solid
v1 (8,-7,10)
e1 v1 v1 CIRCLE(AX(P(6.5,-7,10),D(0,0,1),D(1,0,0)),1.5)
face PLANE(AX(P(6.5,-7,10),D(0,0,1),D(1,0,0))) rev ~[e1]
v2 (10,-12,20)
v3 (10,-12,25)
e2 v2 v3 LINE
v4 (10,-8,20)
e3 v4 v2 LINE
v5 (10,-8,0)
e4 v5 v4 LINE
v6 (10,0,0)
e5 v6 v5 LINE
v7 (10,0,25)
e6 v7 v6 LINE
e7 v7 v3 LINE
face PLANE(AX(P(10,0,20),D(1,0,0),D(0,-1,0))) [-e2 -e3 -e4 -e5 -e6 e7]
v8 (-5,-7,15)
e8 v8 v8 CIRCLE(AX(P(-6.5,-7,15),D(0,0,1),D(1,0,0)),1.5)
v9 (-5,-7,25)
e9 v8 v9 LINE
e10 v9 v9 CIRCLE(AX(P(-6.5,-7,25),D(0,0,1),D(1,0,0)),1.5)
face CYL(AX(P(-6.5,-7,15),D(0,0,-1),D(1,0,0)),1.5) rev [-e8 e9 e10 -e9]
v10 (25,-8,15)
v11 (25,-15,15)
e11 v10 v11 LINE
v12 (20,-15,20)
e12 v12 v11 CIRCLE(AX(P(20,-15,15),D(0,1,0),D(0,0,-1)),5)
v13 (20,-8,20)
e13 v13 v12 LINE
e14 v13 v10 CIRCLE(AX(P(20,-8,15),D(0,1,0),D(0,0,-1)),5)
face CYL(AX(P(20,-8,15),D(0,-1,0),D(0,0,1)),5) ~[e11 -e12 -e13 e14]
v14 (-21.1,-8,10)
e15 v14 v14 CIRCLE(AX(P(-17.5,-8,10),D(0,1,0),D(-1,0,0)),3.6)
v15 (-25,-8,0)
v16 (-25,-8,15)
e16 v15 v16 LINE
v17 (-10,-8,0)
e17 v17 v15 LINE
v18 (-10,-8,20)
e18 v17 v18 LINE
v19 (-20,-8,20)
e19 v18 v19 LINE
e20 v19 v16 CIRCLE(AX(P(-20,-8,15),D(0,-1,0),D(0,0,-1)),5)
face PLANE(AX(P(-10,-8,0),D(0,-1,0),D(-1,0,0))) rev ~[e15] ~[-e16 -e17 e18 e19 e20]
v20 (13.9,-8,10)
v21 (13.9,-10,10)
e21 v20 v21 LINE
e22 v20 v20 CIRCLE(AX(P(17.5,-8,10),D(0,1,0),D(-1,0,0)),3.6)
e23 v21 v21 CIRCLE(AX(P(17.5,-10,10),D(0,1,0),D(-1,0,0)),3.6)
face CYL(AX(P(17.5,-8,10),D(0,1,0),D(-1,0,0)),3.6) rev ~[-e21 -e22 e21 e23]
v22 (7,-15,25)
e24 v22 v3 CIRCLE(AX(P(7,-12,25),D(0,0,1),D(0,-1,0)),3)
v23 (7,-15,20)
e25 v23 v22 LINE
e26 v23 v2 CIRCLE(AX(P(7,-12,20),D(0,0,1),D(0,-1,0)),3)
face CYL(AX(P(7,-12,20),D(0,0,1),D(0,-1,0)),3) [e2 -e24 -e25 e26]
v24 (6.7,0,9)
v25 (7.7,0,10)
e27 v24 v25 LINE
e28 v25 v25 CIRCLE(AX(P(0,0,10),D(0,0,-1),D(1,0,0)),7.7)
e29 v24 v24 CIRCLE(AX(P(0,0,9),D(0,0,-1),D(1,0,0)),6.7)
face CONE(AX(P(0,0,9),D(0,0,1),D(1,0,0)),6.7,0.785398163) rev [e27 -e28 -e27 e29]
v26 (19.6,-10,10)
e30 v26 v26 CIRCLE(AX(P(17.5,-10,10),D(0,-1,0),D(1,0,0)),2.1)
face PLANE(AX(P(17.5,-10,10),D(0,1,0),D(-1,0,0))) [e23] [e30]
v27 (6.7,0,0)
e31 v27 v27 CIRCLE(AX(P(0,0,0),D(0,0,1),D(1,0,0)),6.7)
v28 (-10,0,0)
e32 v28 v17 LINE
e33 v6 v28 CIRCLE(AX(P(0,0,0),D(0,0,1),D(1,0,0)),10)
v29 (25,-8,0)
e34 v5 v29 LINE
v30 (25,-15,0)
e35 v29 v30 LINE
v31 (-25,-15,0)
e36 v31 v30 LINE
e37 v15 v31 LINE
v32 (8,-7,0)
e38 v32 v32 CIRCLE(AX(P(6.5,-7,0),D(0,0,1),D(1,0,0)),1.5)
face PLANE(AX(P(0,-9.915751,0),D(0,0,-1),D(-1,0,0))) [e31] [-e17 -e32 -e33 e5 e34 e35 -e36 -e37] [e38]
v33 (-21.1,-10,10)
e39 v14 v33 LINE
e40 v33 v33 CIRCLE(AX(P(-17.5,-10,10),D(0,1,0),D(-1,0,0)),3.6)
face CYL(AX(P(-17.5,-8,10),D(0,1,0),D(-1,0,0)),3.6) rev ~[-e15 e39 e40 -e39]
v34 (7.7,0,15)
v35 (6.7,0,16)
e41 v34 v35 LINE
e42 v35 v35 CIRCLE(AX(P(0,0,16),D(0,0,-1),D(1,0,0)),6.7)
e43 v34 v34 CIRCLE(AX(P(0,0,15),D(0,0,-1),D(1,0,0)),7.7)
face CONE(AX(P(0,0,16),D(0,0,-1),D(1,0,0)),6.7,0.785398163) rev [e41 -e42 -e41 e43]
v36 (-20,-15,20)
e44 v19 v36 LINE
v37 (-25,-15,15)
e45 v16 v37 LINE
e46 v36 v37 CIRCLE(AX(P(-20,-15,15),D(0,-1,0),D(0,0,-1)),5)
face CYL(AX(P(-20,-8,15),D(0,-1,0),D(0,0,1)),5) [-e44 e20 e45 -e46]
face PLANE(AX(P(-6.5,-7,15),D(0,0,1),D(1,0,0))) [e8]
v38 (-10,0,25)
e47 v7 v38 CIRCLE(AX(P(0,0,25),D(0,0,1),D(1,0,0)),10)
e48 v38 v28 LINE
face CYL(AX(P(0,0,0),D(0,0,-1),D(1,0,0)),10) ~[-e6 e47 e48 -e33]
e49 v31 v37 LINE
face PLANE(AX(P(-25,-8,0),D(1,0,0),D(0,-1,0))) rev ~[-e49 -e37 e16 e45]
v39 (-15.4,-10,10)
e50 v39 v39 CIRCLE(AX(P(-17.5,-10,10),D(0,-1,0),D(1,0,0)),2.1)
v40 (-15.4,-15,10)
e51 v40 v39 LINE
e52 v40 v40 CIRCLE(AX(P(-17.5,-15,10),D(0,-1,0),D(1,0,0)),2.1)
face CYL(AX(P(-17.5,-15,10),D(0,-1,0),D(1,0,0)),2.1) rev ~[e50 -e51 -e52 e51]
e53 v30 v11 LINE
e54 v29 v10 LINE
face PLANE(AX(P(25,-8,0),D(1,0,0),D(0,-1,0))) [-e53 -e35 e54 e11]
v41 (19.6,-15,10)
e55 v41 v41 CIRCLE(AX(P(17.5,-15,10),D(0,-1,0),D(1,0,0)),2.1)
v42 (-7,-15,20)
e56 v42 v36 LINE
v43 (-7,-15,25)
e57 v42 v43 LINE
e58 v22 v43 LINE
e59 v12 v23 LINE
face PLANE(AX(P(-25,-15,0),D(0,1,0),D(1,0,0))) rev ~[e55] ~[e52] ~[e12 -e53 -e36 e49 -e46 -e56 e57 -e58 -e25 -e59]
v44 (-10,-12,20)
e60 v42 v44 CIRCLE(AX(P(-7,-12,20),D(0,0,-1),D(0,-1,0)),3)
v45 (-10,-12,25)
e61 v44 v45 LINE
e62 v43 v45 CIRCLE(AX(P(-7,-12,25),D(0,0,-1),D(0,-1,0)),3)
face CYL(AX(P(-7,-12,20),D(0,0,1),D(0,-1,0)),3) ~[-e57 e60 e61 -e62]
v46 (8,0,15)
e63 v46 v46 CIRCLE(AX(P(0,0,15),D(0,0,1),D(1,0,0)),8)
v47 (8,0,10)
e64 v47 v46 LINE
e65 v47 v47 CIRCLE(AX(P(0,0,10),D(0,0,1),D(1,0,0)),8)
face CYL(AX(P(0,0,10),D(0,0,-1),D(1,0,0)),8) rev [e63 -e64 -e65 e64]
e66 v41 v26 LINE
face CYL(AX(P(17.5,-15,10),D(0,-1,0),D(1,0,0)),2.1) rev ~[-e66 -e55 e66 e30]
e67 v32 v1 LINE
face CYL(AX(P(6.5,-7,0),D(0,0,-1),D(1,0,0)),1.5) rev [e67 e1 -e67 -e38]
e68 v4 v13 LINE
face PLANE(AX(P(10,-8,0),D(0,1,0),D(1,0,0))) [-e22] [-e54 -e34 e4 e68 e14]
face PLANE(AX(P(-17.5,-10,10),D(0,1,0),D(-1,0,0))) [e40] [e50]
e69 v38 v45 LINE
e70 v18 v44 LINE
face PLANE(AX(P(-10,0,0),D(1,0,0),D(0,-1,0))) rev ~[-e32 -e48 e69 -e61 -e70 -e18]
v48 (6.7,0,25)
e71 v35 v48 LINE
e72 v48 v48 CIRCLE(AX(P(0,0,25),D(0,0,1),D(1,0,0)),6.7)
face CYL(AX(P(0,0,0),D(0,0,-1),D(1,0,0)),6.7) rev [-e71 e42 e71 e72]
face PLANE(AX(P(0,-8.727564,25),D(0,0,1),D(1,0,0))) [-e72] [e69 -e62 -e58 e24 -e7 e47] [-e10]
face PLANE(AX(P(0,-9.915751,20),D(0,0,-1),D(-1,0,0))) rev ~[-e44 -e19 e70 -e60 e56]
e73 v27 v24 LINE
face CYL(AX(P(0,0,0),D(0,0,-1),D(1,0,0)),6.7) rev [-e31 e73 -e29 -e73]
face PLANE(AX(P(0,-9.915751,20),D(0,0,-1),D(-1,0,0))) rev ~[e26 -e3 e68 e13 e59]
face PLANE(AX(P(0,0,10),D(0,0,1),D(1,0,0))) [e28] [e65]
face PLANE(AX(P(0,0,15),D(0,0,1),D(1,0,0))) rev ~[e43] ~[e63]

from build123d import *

# Parameters (mm, degrees)
CYLINDER002_R     = 1.5
CYLINDER002_DEPTH = 10
CYLINDER001_R     = 1.5
CYLINDER001_DEPTH = 10
PAD002_DEPTH      = 5
PAD001_DEPTH      = 20
SKETCH008_R       = 2.1
POCKET002_DEPTH   = 7
SKETCH009_R       = 3.6
POCKET003_DEPTH   = 2
CYLINDER_R        = 8
CYLINDER_DEPTH    = 5
SKETCH_R          = 10
SKETCH_R_2        = 6.7
PAD_DEPTH         = 25
FILLET_R          = 5
FILLET001_R       = 3
CHAMFER_SIZE      = 1
CHAMFER001_SIZE   = 1


with BuildPart() as zylinder002:
    # Cylinder002 → Cylinder002 (new body)
    with BuildSketch(Plane(origin=(6.5, -7, 0), x_dir=(1, 0, 0), z_dir=(0, 0, 1))):
        Circle(CYLINDER002_R)
    extrude(amount=CYLINDER002_DEPTH)


with BuildPart() as zylinder001:
    # Cylinder001 → Cylinder001 (new body)
    with BuildSketch(Plane(origin=(-6.5, -7, 15), x_dir=(1, 0, 0), z_dir=(0, 0, 1))):
        Circle(CYLINDER001_R)
    extrude(amount=CYLINDER001_DEPTH)


with BuildPart() as pad002:
    # Sketch011 → Pad002 (new body)
    with BuildSketch(Plane.XY.offset(20)):
        with BuildLine():
            Line((-10, 0), (-10, -15))
            Line((10, -15), (-10, -15))
            Line((10, 0), (10, -15))
            ThreePointArc((-10, 0), (0, -10), (10, 0))
        make_face()
    extrude(amount=PAD002_DEPTH)


with BuildPart() as pocket003:
    # Sketch003 → Pad001 (new body)
    with BuildSketch(Plane.XY):
        with BuildLine():
            ThreePointArc((-10, 0), (0, -10), (10, 0))
            Line((10, 0), (10, -8))
            Line((10, -8), (25, -8))
            Line((25, -8), (25, -15))
            Line((-25, -15), (25, -15))
            Line((-25, -8), (-25, -15))
            Line((-10, -8), (-25, -8))
            Line((-10, 0), (-10, -8))
        make_face()
    extrude(amount=PAD001_DEPTH)

    # Sketch008 → Pocket002 (cut)
    with BuildSketch(Plane.XZ.offset(15)):
        with Locations((-17.5, 10)):
            Circle(SKETCH008_R)
        with Locations((17.5, 10)):
            Circle(SKETCH008_R)
    extrude(amount=-POCKET002_DEPTH, mode=Mode.SUBTRACT)

    # Sketch009 → Pocket003 (cut)
    with BuildSketch(Plane(origin=(0, -8, 0), x_dir=(-1, 0, 0), z_dir=(0, 1, 0))):
        with Locations((-17.5, 10)):
            Circle(SKETCH009_R)
        with Locations((17.5, 10)):
            Circle(SKETCH009_R)
    extrude(amount=-POCKET003_DEPTH, mode=Mode.SUBTRACT)


with BuildPart() as zylinder:
    # Cylinder → Cylinder (new body)
    with BuildSketch(Plane.XY.offset(10)):
        Circle(CYLINDER_R)
    extrude(amount=CYLINDER_DEPTH)


with BuildPart() as chamfer001:
    # Sketch → Pad (new body)
    with BuildSketch(Plane.XY):
        Circle(SKETCH_R)
        Circle(SKETCH_R_2, mode=Mode.SUBTRACT)
    extrude(amount=PAD_DEPTH)

    # Cut: cut Zylinder
    add(zylinder.part, mode=Mode.SUBTRACT)

    # Fusion: union Pad002, Pocket003
    add(pad002.part)
    add(pocket003.part)

    # Cut001: cut Zylinder001
    add(zylinder001.part, mode=Mode.SUBTRACT)

    # Cut002: cut Zylinder002
    add(zylinder002.part, mode=Mode.SUBTRACT)

    # Fillet
    fillet_edges = [chamfer001.edges().sort_by_distance(p)[0] for p in [
        (25, -11.5, 20),
        (-25, -11.5, 20),
    ]]
    fillet(fillet_edges, radius=FILLET_R)

    # Fillet001
    fillet001_edges = [chamfer001.edges().sort_by_distance(p)[0] for p in [
        (10, -15, 22.5),
        (-10, -15, 22.5),
    ]]
    fillet(fillet001_edges, radius=FILLET001_R)

    # Chamfer
    chamfer_edges = [chamfer001.edges().sort_by_distance(p)[0] for p in [
        (-6.7, 0, 10),
    ]]
    chamfer(chamfer_edges, length=CHAMFER_SIZE)

    # Chamfer001
    chamfer001_edges = [chamfer001.edges().sort_by_distance(p)[0] for p in [
        (-6.7, 0, 15),
    ]]
    chamfer(chamfer001_edges, length=CHAMFER001_SIZE)


solid = chamfer001.part
